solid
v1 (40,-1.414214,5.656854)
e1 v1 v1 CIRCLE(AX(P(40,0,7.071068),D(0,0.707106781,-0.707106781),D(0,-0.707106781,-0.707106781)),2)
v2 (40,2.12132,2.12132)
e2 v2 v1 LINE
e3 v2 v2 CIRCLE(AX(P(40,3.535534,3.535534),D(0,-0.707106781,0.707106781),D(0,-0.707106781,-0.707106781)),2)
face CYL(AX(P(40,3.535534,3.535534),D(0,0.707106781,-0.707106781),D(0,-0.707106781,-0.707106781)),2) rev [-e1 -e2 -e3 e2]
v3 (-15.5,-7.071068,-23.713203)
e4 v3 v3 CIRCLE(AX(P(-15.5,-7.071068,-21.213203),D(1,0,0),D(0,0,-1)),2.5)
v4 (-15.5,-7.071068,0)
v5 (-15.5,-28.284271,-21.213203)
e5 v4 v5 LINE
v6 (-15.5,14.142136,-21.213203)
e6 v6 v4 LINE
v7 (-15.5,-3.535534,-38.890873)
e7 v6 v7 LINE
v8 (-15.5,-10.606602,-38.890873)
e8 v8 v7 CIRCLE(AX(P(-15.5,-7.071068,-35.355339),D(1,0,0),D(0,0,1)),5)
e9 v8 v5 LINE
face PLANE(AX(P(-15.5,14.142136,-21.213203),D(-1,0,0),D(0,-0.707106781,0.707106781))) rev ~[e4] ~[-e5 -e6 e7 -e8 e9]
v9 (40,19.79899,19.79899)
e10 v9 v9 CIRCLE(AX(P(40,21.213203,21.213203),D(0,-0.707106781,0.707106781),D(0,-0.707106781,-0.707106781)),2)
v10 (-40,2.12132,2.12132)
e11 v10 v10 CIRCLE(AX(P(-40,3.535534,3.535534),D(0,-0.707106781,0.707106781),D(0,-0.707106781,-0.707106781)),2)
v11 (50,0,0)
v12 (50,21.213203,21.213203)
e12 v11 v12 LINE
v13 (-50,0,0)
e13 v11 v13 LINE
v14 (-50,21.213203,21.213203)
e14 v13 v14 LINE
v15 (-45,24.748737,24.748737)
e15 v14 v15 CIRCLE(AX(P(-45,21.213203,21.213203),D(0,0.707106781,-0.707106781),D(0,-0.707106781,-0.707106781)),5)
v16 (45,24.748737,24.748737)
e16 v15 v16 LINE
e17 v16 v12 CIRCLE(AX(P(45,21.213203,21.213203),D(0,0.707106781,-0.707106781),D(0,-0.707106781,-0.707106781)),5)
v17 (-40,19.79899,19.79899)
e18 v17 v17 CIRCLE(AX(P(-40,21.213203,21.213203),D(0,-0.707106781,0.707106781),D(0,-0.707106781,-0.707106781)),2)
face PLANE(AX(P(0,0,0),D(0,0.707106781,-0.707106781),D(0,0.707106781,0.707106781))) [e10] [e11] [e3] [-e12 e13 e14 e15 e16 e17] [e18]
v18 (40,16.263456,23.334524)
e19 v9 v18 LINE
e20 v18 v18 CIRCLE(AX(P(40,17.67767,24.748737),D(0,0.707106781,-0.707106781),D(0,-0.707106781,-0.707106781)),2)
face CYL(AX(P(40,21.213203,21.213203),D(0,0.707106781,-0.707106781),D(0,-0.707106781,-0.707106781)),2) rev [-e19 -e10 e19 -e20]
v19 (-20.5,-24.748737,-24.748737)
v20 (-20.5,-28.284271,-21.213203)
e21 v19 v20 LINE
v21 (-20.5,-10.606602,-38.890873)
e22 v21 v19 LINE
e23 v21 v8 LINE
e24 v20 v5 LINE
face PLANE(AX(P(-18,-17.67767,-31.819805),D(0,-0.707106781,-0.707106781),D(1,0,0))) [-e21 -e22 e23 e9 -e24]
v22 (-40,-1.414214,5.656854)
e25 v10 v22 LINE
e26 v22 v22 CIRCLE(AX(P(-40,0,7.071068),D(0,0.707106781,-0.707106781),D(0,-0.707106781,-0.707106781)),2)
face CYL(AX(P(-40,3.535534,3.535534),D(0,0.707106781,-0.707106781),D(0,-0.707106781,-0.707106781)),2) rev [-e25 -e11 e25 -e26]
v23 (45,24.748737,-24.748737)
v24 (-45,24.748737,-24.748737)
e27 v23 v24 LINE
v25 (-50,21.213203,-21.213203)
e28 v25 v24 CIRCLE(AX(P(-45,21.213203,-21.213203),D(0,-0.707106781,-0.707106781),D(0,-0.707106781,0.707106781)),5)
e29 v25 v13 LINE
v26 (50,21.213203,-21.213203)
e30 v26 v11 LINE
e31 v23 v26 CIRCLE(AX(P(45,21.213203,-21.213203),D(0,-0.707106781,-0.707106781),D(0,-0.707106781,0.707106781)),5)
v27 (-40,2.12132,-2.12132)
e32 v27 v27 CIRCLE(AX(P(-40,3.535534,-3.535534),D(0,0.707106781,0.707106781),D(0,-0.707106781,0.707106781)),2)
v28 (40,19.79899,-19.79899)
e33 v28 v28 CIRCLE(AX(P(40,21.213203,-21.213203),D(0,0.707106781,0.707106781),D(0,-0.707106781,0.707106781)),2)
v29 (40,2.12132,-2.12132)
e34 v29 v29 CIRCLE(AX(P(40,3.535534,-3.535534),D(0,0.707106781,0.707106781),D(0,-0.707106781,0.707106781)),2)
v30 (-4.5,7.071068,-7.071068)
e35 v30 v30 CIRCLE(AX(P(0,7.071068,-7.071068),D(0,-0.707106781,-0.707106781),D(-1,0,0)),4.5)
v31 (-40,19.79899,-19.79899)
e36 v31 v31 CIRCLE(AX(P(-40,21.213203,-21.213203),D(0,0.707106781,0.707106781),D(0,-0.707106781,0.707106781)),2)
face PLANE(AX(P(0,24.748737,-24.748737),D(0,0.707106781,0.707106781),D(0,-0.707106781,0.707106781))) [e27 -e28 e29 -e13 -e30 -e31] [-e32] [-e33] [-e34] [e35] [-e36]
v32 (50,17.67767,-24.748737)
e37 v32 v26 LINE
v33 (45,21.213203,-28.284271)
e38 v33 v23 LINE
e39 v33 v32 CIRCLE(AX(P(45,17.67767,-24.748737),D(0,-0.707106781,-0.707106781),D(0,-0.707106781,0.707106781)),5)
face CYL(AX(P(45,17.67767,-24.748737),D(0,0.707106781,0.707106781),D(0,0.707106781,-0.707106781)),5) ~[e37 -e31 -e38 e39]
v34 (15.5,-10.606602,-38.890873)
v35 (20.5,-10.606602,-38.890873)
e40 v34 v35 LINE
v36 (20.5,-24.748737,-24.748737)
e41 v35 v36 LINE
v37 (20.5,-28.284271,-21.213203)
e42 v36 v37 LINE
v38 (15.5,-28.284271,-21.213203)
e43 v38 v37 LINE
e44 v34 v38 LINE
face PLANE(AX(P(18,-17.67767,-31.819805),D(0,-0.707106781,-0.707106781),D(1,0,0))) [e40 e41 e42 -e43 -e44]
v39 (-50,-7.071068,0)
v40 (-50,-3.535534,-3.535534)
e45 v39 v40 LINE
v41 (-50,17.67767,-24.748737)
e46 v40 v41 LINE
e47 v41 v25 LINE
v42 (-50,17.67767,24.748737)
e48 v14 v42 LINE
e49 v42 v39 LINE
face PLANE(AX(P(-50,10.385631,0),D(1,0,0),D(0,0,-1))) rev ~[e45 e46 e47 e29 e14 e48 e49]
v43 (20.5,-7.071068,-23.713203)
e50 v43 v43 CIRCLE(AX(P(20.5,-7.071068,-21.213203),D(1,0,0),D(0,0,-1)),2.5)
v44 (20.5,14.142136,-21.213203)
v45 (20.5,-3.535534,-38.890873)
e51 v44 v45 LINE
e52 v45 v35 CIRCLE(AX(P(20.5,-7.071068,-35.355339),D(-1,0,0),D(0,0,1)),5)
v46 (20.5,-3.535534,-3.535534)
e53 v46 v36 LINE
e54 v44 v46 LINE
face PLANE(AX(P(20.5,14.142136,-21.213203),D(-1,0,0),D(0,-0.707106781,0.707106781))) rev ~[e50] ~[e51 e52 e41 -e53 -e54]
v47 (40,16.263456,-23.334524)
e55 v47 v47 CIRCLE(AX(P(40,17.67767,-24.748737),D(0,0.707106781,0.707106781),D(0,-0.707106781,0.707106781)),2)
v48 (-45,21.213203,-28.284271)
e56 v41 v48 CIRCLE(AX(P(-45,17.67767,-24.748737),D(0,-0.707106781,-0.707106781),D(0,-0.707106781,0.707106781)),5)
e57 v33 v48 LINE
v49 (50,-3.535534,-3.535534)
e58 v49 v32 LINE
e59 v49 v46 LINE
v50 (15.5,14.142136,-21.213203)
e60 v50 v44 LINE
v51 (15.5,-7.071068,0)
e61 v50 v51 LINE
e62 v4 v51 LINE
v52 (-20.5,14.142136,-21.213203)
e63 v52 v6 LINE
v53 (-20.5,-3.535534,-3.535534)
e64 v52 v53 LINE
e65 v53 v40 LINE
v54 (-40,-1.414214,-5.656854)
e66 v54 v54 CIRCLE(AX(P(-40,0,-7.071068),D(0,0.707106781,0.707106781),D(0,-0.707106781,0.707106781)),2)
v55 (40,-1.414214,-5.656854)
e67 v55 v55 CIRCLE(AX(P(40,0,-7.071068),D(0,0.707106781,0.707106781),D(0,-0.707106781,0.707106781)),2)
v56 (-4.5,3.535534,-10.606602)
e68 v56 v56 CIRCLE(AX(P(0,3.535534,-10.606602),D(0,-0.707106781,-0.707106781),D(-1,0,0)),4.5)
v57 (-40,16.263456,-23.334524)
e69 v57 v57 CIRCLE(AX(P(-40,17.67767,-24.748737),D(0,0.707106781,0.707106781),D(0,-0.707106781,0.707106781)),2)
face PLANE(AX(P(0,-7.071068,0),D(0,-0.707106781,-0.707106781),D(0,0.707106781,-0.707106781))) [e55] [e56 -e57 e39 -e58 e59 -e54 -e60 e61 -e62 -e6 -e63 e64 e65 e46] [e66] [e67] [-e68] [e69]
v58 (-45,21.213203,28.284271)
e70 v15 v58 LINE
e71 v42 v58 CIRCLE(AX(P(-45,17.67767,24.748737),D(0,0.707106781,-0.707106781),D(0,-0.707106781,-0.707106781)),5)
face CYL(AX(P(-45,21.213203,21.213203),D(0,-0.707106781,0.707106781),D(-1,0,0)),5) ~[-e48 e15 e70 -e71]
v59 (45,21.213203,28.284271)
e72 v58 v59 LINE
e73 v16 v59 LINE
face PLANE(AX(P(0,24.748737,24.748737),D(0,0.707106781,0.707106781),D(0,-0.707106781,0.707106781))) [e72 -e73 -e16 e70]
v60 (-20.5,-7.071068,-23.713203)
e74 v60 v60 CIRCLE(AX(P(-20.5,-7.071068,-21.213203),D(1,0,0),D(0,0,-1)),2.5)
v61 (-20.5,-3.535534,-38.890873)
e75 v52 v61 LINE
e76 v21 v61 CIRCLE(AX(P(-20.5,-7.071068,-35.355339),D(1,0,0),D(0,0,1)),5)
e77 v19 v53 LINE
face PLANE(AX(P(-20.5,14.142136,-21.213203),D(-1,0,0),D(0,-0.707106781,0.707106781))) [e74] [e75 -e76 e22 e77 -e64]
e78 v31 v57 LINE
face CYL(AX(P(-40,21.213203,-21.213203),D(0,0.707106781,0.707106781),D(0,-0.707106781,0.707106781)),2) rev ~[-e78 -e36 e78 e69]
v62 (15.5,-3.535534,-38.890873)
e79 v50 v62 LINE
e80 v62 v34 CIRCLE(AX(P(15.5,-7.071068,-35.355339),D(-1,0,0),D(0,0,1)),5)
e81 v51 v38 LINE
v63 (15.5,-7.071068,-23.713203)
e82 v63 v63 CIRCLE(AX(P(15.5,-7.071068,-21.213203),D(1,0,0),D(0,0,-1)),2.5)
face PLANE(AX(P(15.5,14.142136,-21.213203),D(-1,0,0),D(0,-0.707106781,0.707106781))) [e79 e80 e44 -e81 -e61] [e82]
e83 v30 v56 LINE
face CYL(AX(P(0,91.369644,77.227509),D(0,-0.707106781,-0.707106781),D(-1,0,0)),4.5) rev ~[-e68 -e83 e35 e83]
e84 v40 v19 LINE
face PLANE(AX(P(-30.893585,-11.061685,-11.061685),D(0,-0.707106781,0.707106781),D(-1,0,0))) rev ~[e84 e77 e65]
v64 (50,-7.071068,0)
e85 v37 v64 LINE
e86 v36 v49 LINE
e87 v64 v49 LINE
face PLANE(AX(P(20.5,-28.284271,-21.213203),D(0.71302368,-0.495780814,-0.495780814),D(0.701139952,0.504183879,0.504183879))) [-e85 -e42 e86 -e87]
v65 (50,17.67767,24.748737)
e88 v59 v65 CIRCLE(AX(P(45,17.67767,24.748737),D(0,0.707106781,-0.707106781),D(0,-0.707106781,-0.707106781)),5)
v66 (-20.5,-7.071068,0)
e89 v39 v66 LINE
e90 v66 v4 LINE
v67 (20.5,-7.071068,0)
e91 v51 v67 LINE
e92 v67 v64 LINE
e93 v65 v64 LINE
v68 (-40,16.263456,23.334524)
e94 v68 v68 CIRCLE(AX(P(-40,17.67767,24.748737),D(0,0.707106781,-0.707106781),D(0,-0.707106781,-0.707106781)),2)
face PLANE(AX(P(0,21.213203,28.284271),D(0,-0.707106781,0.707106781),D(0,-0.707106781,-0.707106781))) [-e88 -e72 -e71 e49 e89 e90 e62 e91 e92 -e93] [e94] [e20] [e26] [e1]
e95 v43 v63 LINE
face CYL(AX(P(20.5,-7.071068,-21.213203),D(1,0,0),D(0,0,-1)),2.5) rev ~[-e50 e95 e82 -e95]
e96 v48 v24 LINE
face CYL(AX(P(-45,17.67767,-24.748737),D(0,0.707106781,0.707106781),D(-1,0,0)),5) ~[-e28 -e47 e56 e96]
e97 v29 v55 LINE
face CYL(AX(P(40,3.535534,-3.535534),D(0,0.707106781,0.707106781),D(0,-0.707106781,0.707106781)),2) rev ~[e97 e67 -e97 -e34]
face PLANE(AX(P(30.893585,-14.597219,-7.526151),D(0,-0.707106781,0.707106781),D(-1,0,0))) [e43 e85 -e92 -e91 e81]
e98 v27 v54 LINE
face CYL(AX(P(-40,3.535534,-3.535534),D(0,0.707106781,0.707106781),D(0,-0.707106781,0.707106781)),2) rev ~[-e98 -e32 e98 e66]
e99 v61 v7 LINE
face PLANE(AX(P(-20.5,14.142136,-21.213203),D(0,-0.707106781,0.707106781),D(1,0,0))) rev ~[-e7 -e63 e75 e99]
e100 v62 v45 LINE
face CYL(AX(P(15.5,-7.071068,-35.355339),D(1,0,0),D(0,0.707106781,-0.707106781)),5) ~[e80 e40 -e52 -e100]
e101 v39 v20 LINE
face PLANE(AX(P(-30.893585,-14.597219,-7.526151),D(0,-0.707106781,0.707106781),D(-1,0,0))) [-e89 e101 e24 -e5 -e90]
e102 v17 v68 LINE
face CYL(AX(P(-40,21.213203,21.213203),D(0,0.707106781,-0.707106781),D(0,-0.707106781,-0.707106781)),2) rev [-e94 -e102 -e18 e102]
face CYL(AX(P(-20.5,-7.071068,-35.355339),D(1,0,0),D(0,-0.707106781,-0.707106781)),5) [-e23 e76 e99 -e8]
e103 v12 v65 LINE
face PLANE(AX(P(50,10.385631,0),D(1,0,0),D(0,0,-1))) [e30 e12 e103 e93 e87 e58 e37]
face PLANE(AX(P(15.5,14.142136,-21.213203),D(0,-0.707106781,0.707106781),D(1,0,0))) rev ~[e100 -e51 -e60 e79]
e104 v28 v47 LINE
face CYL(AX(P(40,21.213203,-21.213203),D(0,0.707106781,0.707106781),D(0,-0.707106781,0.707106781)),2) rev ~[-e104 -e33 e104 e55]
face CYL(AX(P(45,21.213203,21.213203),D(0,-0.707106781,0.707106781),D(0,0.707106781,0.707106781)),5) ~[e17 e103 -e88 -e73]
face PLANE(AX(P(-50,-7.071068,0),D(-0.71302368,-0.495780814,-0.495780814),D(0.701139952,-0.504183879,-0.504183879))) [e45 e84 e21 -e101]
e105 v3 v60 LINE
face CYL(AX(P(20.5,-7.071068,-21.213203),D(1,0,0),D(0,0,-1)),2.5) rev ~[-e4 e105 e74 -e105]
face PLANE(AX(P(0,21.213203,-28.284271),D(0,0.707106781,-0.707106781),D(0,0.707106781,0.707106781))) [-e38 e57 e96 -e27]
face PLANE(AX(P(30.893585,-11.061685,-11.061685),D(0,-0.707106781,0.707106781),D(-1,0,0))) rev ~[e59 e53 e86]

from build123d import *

# Parameters (mm, degrees)
BOSS_EXTRUDE1_DEPTH  = 50
M8_CLEARANCE_HOLE1_D = 9
SKETCH7_W            = 5
SKETCH7_H            = 30
BOSS_EXTRUDE4_DEPTH  = 30
SKETCH9_R            = 2.5
CUT_EXTRUDE1_DEPTH   = 88.007183611
SKETCH11_R           = 2
CUT_EXTRUDE2_DEPTH   = 72.414284285
BOSS_EXTRUDE7_DEPTH  = 5
FILLET4_R            = 5


with BuildPart() as part:
    # Sketch2 → Boss-Extrude1 (new, symmetric)
    with BuildSketch(Plane(origin=(0, 0, 0), x_dir=(0, 0, -1), z_dir=(1, 0, 0))):
        Polygon((0, 0), (-24.748737342, 24.748737342), (-28.284271247, 21.213203436), (0, -7.071067812), (28.284271247, 21.213203436), (24.748737342, 24.748737342), align=None)
    extrude(amount=BOSS_EXTRUDE1_DEPTH, both=True)

    # M8 Clearance Hole1 (through all)
    with Locations(Plane(origin=(0, 0, 0), x_dir=(1, 0, 0), z_dir=(0, 0.7071067811865489, 0.7071067811865461))):
        with Locations((0, 10)):
            Hole(M8_CLEARANCE_HOLE1_D / 2)

    # Sketch7 → Boss-Extrude4 (add)
    with BuildSketch(Plane(origin=(0, -3.535533906, -3.535533906), x_dir=(1, 0, 0), z_dir=(0, -0.7071067811865479, -0.7071067811865471))):
        with Locations((18, -10)):
            Rectangle(SKETCH7_W, SKETCH7_H)
        with Locations((-18, -10)):
            Rectangle(SKETCH7_W, SKETCH7_H)
    extrude(amount=BOSS_EXTRUDE4_DEPTH)

    # Sketch9 → Cut-Extrude1 (cut, through all)
    with BuildSketch(Plane(origin=(20.5, 0, 0), x_dir=(0, 0, -1), z_dir=(1, 0, 0))):
        with Locations((21.213203436, -7.071067812)):
            Circle(SKETCH9_R)
    extrude(amount=-CUT_EXTRUDE1_DEPTH, mode=Mode.SUBTRACT)

    # Sketch11 → Cut-Extrude2 (cut, through all)
    with BuildSketch(Plane(origin=(0, 0, 0), x_dir=(1, 0, 0), z_dir=(0, 0.7071067811865477, 0.7071067811865474))):
        with Locations((-40, 30)):
            Circle(SKETCH11_R)
        with Locations((-40, 5)):
            Circle(SKETCH11_R)
        with Locations((40, 30)):
            Circle(SKETCH11_R)
        with Locations((40, 5)):
            Circle(SKETCH11_R)
    cut_extrude2 = extrude(amount=-CUT_EXTRUDE2_DEPTH, mode=Mode.SUBTRACT)

    # Mirror1: Cut-Extrude2 across plane
    add(cut_extrude2.mirror(Plane.XY), mode=Mode.SUBTRACT)

    # Sketch12 → Boss-Extrude7 (add)
    with BuildSketch(Plane(origin=(0, -3.535533906, 3.535533906), x_dir=(1, 0, 0), z_dir=(0, 0.7071067811865475, -0.7071067811865477))):
        Polygon((-50, 5), (-20.5, 35), (-20.5, 5), align=None)
        Polygon((20.5, 5), (20.5, 35), (50, 5), align=None)
    extrude(amount=BOSS_EXTRUDE7_DEPTH)

    # Fillet4
    fillet4_edges = [part.edges().sort_by_distance(p)[0] for p in [
        (18, -7.071067812, -42.426406871),
        (-18, -7.071067812, -42.426406871),
        (-50, 22.980970389, -26.516504294),
        (-50, 22.980970389, 26.516504294),
        (50, 22.980970389, -26.516504294),
        (50, 22.980970389, 26.516504294),
    ]]
    fillet(fillet4_edges, radius=FILLET4_R)


solid = part.part
